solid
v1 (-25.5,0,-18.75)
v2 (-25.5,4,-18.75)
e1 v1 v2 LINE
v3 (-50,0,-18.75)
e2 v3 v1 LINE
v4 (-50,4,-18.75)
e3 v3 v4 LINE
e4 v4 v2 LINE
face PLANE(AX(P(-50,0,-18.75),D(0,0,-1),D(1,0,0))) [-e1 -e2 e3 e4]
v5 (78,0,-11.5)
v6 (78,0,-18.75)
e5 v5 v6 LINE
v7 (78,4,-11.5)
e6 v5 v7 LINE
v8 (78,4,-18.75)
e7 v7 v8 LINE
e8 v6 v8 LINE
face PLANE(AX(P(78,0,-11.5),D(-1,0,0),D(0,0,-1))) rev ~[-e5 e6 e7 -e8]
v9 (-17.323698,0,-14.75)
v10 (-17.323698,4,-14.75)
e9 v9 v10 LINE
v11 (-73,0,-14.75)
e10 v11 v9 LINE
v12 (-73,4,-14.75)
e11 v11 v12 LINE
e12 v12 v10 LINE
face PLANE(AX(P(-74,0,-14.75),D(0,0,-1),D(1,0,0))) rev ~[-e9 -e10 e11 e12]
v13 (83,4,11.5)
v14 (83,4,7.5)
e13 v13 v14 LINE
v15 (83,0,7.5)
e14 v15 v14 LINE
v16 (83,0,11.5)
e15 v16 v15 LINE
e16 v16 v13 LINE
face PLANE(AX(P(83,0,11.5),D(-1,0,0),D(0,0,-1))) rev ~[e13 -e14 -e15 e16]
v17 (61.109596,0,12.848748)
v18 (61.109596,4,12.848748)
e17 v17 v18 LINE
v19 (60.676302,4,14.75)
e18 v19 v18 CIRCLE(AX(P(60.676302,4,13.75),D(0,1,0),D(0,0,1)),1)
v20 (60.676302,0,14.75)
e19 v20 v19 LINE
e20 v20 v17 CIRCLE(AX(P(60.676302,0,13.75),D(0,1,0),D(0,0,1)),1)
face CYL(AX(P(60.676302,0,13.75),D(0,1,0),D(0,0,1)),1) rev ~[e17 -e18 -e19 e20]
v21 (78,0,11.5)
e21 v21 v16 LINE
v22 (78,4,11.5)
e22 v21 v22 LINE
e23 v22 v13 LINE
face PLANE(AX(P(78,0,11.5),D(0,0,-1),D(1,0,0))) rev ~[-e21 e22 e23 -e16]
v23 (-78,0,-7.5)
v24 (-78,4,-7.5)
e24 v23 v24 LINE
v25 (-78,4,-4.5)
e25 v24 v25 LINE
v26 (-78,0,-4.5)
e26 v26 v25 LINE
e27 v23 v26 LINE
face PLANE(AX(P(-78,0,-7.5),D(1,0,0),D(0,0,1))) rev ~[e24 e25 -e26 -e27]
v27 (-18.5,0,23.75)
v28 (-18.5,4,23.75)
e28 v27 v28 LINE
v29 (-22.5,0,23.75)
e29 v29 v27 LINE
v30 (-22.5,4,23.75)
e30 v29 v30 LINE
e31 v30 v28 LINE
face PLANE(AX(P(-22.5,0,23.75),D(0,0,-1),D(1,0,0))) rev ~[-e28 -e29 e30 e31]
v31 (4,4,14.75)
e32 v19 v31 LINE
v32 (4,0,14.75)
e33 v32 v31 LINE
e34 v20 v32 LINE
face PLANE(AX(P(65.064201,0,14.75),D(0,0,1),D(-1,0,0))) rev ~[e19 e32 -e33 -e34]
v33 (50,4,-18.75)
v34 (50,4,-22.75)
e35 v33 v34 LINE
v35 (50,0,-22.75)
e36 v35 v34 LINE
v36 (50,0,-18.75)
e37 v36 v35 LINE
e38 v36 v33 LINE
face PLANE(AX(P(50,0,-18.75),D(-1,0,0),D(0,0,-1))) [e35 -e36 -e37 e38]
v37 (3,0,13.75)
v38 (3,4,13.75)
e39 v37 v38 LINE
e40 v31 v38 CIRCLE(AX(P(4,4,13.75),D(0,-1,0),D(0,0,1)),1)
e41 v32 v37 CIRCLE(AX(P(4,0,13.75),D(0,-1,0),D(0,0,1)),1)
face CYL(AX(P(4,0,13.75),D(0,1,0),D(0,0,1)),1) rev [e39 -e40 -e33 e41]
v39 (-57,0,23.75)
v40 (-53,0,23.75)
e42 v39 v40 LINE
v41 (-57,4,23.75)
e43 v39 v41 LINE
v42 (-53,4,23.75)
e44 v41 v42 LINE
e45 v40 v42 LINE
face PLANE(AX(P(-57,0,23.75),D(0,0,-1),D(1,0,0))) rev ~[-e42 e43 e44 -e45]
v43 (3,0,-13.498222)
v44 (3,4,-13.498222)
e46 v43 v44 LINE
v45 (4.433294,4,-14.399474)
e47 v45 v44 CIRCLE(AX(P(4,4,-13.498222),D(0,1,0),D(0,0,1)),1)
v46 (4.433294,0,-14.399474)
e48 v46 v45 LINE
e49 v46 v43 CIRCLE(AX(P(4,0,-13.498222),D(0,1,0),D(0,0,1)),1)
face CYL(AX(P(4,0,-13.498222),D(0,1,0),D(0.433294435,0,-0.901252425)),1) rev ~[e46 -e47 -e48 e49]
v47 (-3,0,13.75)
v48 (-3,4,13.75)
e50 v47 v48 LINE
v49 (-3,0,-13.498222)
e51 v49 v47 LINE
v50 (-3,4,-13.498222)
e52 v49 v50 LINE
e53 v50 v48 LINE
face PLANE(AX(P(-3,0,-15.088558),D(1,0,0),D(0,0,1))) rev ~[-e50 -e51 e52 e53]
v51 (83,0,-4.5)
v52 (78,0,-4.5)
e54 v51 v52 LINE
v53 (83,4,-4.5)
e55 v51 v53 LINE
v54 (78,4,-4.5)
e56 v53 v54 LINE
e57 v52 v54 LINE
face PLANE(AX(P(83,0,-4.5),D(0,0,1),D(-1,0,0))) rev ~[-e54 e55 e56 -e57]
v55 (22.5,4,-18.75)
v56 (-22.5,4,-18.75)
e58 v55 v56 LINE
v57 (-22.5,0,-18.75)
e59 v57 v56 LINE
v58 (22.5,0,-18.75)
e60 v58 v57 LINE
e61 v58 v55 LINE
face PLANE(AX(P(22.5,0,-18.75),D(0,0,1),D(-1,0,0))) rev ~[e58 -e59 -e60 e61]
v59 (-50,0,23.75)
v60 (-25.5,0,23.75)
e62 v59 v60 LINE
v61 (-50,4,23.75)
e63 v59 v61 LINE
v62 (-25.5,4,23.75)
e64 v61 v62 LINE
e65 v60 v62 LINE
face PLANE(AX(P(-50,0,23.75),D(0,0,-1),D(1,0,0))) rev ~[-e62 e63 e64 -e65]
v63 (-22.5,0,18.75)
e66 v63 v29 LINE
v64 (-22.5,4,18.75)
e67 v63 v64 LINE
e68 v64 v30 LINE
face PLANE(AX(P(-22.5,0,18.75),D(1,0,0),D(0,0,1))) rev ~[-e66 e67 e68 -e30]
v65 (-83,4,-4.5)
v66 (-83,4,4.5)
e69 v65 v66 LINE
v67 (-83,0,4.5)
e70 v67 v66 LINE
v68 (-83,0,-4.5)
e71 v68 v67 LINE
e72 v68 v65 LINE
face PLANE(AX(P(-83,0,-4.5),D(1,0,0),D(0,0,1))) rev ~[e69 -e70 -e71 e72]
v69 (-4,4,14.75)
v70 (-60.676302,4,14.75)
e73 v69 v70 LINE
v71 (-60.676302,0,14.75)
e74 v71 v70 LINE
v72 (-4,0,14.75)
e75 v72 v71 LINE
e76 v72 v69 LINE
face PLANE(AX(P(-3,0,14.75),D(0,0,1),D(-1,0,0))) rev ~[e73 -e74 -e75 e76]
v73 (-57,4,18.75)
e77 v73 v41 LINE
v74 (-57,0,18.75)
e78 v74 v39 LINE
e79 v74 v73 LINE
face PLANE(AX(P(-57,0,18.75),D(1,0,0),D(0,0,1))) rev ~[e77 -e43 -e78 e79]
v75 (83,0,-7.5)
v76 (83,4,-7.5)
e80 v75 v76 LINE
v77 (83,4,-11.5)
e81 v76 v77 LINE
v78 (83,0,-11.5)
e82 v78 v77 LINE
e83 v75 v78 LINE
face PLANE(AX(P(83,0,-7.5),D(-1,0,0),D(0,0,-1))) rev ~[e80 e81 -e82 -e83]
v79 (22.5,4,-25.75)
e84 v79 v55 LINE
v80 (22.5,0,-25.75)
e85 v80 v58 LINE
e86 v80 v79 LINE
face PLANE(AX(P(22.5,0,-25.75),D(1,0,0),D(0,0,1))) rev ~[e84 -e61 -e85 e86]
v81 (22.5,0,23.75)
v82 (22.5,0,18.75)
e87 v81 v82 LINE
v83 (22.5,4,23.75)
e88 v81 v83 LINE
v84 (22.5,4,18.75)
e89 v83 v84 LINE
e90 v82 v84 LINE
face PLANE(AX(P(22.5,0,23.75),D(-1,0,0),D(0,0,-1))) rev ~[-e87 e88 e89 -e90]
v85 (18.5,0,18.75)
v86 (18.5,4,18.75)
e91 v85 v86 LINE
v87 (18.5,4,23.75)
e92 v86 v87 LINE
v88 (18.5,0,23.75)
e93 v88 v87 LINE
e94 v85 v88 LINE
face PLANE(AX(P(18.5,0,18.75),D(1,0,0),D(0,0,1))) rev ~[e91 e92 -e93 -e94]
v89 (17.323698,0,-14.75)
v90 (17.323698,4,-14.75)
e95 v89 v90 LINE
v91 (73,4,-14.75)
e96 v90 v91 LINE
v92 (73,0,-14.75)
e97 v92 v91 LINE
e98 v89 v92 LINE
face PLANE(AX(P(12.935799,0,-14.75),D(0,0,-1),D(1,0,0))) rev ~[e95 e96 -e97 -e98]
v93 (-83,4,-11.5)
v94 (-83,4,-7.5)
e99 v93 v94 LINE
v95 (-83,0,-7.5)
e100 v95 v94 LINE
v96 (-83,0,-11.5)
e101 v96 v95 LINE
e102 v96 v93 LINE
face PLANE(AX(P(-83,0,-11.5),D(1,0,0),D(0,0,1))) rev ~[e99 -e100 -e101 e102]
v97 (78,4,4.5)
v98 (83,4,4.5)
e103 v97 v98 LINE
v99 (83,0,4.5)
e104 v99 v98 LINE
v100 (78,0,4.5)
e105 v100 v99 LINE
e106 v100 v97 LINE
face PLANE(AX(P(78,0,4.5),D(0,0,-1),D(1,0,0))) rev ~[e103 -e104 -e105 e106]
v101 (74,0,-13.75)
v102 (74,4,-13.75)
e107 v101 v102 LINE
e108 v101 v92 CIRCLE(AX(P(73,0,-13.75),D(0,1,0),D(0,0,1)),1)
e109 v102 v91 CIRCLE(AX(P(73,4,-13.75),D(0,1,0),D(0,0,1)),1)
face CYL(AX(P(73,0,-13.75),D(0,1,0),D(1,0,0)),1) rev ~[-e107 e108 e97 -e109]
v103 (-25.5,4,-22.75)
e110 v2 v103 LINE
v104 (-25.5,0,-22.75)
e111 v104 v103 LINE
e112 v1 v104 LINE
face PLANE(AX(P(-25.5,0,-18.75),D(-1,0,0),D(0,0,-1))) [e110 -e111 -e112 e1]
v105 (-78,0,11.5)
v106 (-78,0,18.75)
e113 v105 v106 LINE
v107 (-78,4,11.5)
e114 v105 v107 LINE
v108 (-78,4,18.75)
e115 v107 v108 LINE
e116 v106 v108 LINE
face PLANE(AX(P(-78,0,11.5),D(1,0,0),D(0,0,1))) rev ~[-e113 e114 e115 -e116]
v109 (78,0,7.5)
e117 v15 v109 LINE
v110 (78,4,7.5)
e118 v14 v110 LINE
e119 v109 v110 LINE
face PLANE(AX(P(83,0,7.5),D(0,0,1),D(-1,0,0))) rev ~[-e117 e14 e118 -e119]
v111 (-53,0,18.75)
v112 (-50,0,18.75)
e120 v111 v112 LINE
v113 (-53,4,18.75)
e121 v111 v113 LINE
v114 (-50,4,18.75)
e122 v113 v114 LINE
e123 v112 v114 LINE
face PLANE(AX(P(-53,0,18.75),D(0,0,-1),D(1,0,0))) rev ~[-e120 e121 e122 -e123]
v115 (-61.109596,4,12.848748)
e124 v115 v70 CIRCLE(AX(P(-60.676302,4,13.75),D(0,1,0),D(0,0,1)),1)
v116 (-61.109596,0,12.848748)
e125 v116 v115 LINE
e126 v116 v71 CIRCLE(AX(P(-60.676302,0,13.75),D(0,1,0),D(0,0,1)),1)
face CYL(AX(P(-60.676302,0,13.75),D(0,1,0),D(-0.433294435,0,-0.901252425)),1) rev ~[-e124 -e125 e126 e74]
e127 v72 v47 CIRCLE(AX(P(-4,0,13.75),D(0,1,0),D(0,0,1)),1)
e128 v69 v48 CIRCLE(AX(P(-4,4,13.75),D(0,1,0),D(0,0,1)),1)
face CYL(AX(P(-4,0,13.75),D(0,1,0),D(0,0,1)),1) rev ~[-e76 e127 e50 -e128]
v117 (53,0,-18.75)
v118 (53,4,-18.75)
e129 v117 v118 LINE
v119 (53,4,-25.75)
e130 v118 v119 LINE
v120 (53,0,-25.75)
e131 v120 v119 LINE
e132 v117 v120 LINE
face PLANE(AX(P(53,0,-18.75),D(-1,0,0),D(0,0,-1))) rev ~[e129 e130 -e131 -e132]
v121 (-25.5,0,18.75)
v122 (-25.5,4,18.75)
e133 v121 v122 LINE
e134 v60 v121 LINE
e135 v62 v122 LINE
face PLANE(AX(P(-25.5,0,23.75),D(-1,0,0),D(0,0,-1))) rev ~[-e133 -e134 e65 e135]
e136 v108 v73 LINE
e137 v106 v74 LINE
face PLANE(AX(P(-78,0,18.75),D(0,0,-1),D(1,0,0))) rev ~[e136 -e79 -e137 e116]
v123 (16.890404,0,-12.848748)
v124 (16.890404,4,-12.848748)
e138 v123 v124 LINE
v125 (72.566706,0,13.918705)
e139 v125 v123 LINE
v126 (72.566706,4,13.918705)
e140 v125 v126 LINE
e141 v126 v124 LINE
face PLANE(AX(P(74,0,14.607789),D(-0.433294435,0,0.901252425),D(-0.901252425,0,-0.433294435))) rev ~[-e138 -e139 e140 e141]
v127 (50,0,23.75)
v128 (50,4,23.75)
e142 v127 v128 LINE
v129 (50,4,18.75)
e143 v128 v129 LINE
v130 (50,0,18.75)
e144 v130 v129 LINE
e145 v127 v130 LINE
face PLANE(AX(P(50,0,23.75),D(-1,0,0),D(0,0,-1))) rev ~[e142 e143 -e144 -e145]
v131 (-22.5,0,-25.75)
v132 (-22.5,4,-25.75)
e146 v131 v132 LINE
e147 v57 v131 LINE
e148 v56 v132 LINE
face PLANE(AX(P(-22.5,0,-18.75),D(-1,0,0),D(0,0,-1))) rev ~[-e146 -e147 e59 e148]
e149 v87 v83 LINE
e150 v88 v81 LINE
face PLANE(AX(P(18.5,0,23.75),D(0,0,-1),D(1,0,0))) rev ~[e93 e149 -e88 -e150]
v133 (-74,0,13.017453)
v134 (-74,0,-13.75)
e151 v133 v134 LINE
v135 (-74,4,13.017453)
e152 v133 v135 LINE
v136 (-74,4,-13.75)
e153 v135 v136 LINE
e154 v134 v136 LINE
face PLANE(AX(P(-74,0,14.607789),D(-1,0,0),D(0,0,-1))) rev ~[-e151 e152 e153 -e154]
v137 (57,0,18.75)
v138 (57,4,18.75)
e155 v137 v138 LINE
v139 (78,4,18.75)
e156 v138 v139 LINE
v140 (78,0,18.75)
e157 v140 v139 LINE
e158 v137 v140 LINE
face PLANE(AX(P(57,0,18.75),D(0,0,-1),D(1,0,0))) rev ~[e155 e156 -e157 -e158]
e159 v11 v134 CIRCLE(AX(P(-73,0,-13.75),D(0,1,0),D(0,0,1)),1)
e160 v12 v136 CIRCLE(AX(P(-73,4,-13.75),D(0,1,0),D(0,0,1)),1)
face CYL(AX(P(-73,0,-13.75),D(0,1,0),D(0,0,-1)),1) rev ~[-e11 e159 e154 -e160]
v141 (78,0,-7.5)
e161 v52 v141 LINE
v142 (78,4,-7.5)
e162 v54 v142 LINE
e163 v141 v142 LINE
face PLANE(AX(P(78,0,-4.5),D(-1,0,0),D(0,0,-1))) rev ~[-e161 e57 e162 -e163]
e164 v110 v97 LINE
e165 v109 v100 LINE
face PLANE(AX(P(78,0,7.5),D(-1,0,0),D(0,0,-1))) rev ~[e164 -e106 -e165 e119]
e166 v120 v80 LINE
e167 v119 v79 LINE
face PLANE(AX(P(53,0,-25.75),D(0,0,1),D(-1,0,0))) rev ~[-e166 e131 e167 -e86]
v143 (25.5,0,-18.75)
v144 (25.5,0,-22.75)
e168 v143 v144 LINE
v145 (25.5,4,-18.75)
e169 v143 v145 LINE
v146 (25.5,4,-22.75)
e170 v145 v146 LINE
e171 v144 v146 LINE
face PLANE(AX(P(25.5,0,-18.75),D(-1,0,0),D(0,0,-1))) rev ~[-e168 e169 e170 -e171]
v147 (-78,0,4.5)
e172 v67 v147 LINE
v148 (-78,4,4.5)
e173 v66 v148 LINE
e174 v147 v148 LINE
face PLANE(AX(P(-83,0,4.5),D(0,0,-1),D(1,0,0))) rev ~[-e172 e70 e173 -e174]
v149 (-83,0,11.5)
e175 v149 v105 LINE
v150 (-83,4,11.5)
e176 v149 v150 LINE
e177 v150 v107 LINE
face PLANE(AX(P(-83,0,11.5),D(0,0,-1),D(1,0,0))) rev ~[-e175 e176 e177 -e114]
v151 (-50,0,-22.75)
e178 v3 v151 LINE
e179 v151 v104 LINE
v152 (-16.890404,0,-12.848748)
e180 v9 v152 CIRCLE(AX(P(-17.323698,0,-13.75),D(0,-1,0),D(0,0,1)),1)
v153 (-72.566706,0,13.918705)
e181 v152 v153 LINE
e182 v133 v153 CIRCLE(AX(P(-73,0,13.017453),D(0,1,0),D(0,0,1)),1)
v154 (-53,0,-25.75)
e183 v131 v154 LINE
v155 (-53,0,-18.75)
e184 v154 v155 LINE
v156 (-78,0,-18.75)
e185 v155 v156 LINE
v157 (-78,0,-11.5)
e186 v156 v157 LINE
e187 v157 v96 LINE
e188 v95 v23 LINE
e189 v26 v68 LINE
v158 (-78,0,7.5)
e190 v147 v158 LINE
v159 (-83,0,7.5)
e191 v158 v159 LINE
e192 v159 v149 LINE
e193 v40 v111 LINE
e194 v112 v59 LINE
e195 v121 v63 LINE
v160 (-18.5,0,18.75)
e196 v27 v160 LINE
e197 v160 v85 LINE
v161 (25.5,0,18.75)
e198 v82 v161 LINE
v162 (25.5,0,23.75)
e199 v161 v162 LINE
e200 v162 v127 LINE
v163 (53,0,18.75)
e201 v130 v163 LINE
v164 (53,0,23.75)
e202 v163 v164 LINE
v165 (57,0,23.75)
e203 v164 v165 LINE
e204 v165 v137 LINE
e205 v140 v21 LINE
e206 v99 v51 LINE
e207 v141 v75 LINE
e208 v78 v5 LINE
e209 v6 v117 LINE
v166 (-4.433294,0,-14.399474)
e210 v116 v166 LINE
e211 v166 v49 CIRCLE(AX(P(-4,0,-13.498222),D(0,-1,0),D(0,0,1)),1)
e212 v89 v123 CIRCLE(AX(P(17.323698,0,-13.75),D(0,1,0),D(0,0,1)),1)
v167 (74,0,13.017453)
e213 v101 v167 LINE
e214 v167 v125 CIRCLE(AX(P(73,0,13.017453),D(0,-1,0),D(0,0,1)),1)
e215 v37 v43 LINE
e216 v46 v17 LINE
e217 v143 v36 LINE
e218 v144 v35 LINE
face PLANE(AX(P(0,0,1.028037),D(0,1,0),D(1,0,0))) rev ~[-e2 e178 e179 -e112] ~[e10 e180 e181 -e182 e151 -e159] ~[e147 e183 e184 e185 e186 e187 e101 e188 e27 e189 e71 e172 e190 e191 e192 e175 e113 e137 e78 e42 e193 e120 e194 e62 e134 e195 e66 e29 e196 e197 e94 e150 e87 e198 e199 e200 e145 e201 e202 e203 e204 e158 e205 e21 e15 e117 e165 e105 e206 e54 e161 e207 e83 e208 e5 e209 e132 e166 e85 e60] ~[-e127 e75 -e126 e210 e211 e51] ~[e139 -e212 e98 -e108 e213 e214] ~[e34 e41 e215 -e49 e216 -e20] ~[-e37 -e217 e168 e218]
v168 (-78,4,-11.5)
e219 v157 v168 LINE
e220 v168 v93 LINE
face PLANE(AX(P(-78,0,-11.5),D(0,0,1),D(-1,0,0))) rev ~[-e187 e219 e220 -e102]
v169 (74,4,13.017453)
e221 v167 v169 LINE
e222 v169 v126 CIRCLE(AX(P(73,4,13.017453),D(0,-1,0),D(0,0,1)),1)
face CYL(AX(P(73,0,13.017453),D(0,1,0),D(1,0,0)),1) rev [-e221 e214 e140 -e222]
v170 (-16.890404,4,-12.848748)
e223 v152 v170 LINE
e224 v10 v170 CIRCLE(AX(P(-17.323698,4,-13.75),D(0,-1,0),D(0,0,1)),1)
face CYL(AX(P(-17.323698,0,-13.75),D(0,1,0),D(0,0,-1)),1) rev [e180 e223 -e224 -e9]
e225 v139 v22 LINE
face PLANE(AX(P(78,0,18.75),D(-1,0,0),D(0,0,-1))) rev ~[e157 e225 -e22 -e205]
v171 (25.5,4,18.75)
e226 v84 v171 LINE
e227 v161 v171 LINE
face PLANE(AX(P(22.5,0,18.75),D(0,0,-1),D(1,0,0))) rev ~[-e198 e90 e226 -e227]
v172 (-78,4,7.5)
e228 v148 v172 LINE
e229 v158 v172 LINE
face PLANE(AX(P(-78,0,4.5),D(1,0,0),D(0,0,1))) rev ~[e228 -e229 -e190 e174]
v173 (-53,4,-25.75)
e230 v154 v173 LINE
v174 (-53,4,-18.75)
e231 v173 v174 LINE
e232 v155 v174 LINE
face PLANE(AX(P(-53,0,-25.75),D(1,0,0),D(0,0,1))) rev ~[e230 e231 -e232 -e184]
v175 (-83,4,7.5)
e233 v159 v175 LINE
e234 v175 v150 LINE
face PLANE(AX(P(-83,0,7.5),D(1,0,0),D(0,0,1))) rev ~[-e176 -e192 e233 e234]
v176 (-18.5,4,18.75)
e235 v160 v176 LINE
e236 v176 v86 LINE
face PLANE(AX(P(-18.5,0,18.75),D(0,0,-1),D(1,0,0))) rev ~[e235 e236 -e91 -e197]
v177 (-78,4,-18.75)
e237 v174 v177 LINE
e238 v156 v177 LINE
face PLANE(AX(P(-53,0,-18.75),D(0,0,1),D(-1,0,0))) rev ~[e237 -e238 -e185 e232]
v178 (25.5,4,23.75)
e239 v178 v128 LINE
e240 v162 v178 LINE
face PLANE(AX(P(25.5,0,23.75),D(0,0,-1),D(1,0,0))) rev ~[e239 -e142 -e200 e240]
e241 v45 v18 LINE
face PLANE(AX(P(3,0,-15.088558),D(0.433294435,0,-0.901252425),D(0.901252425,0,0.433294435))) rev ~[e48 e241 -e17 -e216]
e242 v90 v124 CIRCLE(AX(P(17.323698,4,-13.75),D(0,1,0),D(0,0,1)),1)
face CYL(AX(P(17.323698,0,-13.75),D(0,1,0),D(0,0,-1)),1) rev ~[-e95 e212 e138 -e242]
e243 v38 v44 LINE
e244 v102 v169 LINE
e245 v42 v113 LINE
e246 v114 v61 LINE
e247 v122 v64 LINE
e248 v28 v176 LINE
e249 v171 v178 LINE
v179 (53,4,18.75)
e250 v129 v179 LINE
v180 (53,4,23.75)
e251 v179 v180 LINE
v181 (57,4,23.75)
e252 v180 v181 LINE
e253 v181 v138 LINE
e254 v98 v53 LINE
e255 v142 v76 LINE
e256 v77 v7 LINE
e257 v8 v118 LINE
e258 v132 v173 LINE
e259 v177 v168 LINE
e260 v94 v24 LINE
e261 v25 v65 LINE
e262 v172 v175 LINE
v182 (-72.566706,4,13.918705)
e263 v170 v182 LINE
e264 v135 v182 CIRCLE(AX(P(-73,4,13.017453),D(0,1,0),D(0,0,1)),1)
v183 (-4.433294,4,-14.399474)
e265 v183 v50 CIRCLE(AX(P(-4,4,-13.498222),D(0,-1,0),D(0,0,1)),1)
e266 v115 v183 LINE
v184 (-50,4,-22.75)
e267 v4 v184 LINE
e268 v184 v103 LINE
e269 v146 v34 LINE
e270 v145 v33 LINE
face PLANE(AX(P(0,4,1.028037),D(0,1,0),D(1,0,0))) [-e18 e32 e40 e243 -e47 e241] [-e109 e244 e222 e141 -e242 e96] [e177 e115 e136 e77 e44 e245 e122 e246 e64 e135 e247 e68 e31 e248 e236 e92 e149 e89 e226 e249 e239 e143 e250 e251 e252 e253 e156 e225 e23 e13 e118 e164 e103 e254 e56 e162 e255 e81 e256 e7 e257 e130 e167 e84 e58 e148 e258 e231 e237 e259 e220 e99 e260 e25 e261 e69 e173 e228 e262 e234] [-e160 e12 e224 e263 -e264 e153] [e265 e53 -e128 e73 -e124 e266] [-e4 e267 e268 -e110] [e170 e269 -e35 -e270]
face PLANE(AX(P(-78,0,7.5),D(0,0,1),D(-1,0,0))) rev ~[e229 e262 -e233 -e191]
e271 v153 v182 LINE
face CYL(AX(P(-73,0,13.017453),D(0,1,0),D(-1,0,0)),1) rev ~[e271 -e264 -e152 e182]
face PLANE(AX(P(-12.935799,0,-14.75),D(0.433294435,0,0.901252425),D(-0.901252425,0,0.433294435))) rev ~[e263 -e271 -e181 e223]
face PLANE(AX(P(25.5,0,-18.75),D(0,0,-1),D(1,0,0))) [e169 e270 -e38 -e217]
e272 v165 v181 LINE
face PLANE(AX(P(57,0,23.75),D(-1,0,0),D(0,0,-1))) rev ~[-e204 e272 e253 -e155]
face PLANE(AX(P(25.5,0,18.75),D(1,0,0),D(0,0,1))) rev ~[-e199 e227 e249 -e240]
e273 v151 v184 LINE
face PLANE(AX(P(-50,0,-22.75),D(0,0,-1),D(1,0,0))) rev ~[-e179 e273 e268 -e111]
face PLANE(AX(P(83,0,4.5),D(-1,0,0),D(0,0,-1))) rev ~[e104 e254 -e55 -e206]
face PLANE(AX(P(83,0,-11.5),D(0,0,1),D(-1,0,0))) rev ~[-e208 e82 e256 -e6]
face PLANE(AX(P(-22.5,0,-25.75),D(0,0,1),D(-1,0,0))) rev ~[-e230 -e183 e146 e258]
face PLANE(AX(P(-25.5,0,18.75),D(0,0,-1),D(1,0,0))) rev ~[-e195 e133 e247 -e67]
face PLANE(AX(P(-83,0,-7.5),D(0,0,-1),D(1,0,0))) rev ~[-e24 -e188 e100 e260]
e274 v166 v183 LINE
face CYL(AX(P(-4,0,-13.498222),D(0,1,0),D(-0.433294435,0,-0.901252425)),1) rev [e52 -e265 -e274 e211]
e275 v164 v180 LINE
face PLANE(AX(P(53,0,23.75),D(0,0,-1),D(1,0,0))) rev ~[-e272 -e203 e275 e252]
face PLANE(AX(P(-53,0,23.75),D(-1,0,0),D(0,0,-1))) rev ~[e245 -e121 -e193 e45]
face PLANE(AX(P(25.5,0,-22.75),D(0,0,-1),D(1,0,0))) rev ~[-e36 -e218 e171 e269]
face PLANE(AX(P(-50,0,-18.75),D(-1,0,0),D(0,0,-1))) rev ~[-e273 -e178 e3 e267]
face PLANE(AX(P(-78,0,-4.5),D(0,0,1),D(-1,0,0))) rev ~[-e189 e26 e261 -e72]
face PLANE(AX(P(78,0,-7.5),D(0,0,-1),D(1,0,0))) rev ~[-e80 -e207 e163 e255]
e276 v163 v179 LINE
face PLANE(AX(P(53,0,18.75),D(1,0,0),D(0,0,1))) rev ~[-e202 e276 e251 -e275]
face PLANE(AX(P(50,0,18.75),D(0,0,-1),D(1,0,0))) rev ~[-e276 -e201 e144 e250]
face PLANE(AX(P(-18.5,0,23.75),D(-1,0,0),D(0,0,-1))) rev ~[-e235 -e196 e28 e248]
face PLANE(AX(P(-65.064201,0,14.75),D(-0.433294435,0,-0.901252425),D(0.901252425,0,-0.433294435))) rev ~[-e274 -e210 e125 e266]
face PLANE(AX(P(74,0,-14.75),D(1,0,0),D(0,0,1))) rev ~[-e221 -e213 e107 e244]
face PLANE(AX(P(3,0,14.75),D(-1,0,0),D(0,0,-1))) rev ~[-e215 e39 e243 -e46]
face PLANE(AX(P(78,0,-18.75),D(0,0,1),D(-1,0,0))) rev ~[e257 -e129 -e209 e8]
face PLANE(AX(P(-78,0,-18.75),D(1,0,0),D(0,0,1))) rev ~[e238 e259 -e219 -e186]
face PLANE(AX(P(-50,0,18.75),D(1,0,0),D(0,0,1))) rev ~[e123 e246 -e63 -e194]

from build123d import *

# Parameters (mm, degrees)
SKETCH1_W           = 24.5
SKETCH1_H           = 4
BOSS_EXTRUDE1_DEPTH = 4
FILLET1_R           = 1


with BuildPart() as part:
    # Sketch1 → Boss-Extrude1 (new body)
    with BuildSketch(Plane(origin=(0, 0, 0), x_dir=(1, 0, 0), z_dir=(0, 1, 0))):
        Polygon((-53, 18.75), (-78, 18.75), (-78, 11.5), (-83, 11.5), (-83, 7.5), (-78, 7.5), (-78, 4.5), (-83, 4.5), (-83, -4.5), (-78, -4.5), (-78, -7.5), (-83, -7.5), (-83, -11.5), (-78, -11.5), (-78, -18.75), (-57, -18.75), (-57, -23.75), (-53, -23.75), (-53, -18.75), (-50, -18.75), (-50, -23.75), (-25.5, -23.75), (-25.5, -18.75), (-22.5, -18.75), (-22.5, -23.75), (-18.5, -23.75), (-18.5, -18.75), (18.5, -18.75), (18.5, -23.75), (22.5, -23.75), (22.5, -18.75), (25.5, -18.75), (25.5, -23.75), (50, -23.75), (50, -18.75), (53, -18.75), (53, -23.75), (57, -23.75), (57, -18.75), (78, -18.75), (78, -11.5), (83, -11.5), (83, -7.5), (78, -7.5), (78, -4.5), (83, -4.5), (83, 4.5), (78, 4.5), (78, 7.5), (83, 7.5), (83, 11.5), (78, 11.5), (78, 18.75), (53, 18.75), (53, 25.75), (22.5, 25.75), (22.5, 18.75), (-22.5, 18.75), (-22.5, 25.75), (-53, 25.75), align=None)
        with Locations((37.75, 20.75)):
            Rectangle(SKETCH1_W, SKETCH1_H, mode=Mode.SUBTRACT)
        with Locations((-37.75, 20.75)):
            Rectangle(SKETCH1_W, SKETCH1_H, mode=Mode.SUBTRACT)
        Polygon((-12.935798956, 14.75), (-74, -14.607788964), (-74, 14.75), align=None, mode=Mode.SUBTRACT)
        Polygon((-3, 15.088558194), (-3, -14.75), (-65.064201044, -14.75), align=None, mode=Mode.SUBTRACT)
        Polygon((3, -14.75), (3, 15.088558194), (65.064201044, -14.75), align=None, mode=Mode.SUBTRACT)
        Polygon((74, -14.607788964), (12.935798956, 14.75), (74, 14.75), align=None, mode=Mode.SUBTRACT)
    extrude(amount=BOSS_EXTRUDE1_DEPTH)

    # Fillet1
    fillet1_edges = [part.edges().sort_by_distance(p)[0] for p in [
        (-74, 2, 14.607788964),
        (-12.935798956, 2, -14.75),
        (-74, 2, -14.75),
        (65.064201044, 2, 14.75),
        (3, 2, -15.088558194),
        (3, 2, 14.75),
        (12.935798956, 2, -14.75),
        (74, 2, 14.607788964),
        (74, 2, -14.75),
        (-65.064201044, 2, 14.75),
        (-3, 2, 14.75),
        (-3, 2, -15.088558194),
    ]]
    fillet(fillet1_edges, radius=FILLET1_R)


solid = part.part
